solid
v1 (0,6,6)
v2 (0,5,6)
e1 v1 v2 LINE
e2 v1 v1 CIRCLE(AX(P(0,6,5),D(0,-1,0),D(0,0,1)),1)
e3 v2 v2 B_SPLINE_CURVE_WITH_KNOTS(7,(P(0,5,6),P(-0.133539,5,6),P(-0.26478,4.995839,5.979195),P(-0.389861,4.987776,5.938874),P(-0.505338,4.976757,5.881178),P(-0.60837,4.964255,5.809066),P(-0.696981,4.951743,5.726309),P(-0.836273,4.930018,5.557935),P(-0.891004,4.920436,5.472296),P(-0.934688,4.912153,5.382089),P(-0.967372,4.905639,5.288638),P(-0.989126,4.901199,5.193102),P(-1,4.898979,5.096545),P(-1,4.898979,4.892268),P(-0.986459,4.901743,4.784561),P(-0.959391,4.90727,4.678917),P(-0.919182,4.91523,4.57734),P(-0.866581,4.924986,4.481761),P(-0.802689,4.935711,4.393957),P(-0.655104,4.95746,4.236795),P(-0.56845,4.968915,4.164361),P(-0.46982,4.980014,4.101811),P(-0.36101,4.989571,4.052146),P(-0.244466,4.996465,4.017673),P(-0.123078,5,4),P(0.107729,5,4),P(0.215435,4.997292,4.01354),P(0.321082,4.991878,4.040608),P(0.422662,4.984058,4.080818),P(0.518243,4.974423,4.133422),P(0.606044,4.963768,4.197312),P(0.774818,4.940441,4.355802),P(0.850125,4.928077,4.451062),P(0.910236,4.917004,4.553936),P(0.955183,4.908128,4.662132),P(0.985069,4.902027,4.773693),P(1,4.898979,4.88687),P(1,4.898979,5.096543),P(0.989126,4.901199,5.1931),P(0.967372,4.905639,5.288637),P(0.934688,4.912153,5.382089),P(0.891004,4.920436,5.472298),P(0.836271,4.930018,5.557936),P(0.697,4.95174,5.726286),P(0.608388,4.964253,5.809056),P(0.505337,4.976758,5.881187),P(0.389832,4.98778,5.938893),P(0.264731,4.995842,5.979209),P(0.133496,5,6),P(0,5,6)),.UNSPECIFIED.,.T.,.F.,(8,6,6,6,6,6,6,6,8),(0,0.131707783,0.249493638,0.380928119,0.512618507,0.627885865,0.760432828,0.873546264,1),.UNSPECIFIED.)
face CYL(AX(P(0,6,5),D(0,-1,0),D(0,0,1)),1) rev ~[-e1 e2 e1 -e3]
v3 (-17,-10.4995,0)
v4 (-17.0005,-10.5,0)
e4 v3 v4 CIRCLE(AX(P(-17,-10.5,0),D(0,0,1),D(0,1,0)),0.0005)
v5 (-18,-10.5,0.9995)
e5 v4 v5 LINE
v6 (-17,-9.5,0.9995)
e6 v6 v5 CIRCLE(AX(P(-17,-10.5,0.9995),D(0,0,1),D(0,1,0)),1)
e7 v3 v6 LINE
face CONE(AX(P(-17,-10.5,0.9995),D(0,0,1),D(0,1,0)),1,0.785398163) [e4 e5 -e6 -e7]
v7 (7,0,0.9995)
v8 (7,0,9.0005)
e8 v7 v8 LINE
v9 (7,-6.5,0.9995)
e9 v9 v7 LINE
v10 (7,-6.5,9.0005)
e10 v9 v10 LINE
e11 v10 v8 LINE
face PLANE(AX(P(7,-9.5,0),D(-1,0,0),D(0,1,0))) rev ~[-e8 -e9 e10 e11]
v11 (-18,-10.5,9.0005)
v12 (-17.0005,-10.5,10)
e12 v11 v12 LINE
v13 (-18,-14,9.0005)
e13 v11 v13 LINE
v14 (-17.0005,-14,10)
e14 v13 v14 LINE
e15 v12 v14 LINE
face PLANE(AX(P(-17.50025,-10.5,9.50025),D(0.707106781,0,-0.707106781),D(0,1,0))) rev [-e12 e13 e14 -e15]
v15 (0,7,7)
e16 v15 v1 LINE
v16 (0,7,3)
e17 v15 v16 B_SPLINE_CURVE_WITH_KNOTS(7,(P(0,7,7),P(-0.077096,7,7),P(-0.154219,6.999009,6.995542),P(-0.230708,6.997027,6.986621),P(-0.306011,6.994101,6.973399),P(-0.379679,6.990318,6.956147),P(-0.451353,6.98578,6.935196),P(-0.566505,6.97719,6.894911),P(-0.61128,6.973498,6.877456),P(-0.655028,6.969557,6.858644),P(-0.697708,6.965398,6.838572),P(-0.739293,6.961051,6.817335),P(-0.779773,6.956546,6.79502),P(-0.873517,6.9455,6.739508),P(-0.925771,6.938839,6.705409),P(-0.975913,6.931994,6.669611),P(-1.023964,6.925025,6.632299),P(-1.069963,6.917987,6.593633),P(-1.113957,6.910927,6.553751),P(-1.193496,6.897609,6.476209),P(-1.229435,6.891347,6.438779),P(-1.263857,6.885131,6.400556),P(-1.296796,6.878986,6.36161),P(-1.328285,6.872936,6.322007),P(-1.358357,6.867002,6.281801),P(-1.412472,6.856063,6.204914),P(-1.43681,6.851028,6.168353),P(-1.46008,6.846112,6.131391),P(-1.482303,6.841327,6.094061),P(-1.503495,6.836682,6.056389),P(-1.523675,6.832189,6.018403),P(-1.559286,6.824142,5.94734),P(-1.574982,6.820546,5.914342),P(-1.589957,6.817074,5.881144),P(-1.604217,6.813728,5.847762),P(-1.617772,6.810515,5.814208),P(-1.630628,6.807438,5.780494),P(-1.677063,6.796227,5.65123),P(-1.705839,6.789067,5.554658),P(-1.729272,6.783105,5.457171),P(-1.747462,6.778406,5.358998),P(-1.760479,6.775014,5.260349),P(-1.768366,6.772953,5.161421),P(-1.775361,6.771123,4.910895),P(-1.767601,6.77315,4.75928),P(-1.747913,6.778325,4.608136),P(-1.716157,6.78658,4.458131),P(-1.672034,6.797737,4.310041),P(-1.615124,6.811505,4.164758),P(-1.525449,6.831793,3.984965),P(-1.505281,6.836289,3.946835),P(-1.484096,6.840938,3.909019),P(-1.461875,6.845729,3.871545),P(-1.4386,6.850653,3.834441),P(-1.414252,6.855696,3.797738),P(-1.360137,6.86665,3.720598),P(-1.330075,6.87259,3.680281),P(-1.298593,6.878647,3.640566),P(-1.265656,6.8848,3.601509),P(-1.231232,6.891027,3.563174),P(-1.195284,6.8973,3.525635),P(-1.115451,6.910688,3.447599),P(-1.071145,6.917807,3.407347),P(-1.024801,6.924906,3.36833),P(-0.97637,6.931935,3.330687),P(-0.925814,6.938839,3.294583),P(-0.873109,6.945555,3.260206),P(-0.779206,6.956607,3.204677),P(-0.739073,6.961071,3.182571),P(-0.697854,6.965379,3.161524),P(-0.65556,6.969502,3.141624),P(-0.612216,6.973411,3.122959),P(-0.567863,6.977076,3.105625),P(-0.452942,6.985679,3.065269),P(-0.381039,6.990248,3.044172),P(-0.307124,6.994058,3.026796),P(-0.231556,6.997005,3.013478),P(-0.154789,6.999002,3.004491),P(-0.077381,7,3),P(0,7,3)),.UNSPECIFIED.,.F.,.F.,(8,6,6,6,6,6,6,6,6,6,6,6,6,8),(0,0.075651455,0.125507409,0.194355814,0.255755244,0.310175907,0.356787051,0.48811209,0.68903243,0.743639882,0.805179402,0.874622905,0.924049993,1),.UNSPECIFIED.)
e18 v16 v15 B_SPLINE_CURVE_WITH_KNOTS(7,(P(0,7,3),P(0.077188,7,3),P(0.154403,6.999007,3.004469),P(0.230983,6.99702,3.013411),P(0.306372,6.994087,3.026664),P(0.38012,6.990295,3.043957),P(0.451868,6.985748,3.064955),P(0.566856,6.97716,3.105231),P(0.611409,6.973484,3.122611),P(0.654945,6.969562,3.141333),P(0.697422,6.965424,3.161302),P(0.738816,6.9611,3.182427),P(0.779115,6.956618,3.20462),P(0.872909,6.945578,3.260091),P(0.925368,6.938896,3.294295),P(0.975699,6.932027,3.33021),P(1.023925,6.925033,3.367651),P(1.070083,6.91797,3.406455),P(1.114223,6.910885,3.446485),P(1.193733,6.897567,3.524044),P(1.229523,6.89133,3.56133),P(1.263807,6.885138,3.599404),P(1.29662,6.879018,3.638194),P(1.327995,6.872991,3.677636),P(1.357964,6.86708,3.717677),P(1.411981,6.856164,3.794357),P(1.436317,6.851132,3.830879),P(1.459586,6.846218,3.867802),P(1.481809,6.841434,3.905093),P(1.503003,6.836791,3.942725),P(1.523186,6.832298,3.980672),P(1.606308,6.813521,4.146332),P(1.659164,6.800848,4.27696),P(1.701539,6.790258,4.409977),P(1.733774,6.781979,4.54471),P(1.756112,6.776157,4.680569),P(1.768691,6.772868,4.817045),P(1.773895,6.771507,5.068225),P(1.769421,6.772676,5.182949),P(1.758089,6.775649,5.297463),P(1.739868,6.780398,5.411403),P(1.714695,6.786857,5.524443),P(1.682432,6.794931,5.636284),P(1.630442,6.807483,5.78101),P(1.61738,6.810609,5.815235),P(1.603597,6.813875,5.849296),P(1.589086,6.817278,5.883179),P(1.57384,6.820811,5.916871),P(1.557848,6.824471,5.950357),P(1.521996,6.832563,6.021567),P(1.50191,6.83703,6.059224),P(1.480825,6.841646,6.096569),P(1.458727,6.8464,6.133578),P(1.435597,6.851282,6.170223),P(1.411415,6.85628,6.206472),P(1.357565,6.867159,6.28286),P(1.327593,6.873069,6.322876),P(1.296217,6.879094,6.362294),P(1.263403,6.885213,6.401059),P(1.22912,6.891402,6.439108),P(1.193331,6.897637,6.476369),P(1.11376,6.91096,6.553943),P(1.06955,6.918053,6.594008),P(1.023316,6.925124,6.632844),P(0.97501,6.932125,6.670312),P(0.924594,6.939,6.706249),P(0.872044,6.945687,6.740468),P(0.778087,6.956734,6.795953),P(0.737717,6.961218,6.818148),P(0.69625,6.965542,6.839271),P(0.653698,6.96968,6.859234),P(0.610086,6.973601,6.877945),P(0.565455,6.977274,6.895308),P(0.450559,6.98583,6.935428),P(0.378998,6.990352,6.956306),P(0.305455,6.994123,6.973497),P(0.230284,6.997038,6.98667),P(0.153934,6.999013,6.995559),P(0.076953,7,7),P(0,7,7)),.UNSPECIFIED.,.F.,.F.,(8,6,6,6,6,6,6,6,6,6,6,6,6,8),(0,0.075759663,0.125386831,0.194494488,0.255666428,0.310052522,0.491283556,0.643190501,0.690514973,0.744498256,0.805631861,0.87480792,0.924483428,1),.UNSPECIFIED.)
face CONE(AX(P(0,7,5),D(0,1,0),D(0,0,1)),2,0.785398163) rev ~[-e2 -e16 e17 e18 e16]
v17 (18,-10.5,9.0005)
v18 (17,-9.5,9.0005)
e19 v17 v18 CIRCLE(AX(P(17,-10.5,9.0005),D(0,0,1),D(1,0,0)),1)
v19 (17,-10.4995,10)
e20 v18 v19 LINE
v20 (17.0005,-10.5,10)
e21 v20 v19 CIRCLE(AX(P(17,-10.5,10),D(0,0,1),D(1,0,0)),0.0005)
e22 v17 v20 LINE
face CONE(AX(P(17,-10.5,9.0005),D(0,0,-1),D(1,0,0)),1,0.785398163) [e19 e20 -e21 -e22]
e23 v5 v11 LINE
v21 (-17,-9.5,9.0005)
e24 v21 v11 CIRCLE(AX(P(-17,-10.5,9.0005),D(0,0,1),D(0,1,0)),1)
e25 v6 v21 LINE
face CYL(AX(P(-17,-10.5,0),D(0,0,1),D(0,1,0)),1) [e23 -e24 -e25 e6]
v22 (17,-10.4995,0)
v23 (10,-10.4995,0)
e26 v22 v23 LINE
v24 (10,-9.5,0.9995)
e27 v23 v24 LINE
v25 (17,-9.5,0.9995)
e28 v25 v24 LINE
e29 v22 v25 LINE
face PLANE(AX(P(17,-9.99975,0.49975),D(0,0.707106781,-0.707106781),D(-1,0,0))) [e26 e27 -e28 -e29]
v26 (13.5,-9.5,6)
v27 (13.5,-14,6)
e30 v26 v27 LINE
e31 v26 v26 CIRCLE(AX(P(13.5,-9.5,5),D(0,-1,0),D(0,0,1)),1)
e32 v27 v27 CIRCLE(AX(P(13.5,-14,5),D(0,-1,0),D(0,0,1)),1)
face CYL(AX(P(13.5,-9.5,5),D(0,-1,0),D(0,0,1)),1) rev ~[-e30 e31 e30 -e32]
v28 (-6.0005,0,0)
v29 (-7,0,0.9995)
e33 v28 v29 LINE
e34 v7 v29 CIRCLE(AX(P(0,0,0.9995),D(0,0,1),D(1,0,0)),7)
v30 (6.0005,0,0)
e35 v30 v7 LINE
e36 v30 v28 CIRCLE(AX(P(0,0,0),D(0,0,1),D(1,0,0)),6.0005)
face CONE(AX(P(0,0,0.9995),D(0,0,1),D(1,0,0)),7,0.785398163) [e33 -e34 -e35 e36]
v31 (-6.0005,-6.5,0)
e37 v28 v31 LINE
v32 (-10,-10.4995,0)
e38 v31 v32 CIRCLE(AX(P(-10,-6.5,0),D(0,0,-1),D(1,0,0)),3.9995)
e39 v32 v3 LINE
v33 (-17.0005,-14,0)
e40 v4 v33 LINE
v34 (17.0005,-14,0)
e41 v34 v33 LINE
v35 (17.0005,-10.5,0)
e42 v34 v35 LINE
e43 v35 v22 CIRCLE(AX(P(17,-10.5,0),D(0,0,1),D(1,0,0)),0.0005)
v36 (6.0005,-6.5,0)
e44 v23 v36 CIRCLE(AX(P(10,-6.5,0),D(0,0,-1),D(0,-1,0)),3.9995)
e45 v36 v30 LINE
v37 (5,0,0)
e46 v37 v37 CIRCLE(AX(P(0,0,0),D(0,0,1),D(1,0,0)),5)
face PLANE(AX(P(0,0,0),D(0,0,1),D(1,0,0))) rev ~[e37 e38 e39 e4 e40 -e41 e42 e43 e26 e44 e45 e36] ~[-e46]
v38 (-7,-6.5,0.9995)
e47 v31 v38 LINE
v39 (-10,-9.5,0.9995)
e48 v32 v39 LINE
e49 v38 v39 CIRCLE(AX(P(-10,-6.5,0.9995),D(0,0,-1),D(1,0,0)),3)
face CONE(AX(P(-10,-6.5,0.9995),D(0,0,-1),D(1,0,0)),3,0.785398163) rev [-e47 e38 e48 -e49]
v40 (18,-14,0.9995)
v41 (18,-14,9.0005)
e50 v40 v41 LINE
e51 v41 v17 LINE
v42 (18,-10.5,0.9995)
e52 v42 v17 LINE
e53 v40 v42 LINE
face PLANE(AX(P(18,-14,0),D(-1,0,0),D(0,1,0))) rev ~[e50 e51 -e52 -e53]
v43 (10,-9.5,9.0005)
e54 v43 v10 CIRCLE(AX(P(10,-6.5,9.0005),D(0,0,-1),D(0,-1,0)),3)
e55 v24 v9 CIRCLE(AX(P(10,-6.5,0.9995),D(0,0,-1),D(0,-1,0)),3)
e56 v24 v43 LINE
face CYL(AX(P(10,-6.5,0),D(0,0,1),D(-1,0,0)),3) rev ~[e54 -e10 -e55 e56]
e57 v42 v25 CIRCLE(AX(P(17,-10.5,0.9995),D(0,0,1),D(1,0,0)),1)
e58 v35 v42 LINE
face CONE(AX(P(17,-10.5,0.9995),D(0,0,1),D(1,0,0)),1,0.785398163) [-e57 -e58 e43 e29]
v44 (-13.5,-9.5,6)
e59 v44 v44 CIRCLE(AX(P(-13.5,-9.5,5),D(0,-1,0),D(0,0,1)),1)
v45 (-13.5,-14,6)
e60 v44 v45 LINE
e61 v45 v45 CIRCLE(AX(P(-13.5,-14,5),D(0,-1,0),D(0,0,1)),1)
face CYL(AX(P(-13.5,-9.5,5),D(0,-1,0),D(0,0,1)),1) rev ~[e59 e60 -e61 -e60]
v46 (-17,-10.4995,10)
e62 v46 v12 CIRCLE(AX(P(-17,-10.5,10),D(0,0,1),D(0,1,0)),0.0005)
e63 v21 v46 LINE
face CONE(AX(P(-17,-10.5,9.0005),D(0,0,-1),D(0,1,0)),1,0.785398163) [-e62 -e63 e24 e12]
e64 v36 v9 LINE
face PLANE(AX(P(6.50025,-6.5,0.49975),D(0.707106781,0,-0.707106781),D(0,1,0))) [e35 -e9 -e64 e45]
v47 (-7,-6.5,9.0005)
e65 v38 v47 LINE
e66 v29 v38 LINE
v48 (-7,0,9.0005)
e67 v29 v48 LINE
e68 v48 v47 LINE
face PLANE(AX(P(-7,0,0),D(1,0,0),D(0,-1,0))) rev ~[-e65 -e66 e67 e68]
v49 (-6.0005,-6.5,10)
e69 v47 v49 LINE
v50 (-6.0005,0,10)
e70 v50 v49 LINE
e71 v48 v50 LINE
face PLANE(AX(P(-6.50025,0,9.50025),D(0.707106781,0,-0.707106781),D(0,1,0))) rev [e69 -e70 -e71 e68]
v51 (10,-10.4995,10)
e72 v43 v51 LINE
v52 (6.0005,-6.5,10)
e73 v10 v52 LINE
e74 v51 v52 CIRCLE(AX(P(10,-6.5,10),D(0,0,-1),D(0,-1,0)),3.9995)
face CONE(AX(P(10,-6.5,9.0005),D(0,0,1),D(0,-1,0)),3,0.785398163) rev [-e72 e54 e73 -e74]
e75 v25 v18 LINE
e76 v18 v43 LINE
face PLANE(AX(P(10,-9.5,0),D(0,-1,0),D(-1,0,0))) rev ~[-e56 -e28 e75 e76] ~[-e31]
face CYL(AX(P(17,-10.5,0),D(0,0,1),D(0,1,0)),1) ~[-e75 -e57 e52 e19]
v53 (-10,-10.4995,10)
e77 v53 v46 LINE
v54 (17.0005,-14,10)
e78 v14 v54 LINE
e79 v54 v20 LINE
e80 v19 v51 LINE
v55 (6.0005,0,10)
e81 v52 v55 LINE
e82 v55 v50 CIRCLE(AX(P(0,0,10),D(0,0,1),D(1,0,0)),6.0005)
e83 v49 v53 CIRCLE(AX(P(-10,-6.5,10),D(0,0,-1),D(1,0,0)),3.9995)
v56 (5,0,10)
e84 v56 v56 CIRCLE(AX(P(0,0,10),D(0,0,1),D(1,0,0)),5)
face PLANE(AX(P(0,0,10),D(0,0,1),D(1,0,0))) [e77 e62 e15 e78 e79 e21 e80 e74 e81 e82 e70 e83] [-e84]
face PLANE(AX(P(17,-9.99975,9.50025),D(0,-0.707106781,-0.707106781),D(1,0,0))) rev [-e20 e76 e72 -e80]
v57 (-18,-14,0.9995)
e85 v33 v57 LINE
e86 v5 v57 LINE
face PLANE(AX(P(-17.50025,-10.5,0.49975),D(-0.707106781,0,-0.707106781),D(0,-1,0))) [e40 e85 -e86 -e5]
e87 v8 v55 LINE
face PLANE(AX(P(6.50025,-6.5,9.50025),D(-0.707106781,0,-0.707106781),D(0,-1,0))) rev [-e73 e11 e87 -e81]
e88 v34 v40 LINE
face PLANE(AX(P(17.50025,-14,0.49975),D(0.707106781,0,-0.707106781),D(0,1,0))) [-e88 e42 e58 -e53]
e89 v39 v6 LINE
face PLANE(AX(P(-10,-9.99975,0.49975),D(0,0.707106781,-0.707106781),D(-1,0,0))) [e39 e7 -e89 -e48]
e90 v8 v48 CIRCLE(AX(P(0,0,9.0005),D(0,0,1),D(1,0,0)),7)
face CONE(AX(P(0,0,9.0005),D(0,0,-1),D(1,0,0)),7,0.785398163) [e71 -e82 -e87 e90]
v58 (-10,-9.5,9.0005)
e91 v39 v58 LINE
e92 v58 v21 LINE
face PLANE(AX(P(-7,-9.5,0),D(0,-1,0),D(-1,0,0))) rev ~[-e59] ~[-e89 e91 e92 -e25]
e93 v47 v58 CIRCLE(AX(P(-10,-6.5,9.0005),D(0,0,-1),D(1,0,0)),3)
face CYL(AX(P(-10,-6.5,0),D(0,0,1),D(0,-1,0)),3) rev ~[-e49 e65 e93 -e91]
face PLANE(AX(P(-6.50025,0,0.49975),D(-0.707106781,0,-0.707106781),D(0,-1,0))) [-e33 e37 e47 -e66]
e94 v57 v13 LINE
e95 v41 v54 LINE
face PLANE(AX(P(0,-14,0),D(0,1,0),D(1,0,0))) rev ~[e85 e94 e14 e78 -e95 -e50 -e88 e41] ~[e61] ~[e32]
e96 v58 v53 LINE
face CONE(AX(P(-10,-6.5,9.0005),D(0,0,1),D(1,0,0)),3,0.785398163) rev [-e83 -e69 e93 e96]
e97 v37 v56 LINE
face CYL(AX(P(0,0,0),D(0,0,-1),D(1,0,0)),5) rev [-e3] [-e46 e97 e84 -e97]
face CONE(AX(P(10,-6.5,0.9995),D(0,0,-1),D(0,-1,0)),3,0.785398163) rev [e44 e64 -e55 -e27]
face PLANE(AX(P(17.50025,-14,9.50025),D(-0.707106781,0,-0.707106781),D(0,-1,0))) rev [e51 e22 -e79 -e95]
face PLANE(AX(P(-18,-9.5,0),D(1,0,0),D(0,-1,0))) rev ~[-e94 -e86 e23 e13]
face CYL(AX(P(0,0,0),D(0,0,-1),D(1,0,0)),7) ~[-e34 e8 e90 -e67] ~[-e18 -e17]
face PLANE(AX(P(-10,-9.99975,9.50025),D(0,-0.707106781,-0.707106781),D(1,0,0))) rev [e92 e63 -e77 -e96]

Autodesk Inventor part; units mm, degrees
ref_plane "YZ Plane" through (0, 0, 0) normal (1, 0, 0) x (0, 1, 0)
ref_plane "XY Plane" through (0, 0, 0) normal (0, 0, 1) x (1, 0, 0)
sketch "Sketch1" plane through (0, 0, 0) normal (0, 0, 1) x (1, 0, 0)
  circle A0 centre (0, 0) radius 5
  circle A1 centre (0, 0) radius 7
  line L0 (-18, -9.5) -> (-10, -9.5)
  line L1 (18, -9.5) -> (10, -9.5)
  line L2 (0, -14) -> (18, -14)
  line L3 (0, -14) -> (-18, -14)
  line L4 (-7, 0) -> (-7, -9.5)
  line L5 (-7, -9.5) -> (-18, -9.5)
  line L6 (-18, -9.5) -> (-18, -14)
  line L7 (-18, -14) -> (18, -14)
  line L8 (18, -14) -> (18, -9.5)
  line L9 (18, -9.5) -> (7, -9.5)
  line L10 (7, -9.5) -> (7, 0)
  point P0 (-10.8595, -8.0551)
  dimension "d0" = 14
  dimension "d1" = 10
  dimension "d2" = 4.5
  dimension "d3" = 0
  dimension "d4" = 11
  dimension "d5" = 36
  dimension "d6" = 9.5
  dimension "d7" = 8
  dimension "d8" = 18
  dimension "d9" = 28
  dimension "d10" = 1.4449
  dimension "d11" = 28.8595
extrude "Extrusion1" add sketch "Sketch1" along normal blind 10
fillet "Fillet1" radius 1 2 edges at (18, -9.5, 5) (-18, -9.5, 5)
fillet "Fillet2" radius 3 2 edges at (7, -9.5, 5) (-7, -9.5, 5)
chamfer "Chamfer1" distance 1 angle 45 22 edges at (0, 7, 10) (-7, -3.2502, 10) (-9.9998, -9.5, 10) (-13.5, -9.5, 10) (-17.7071, -9.7929, 10) (-18, -12.25, 10) (7, -3.2503, 10) (9.9997, -9.5, 10) (13.5, -9.5, 10) (17.7071, -9.7929, 10) (18, -12.25, 10) (0, 7, 0) (-7, -3.2502, 0) (-9.9998, -9.5, 0) (-13.5, -9.5, 0) (-17.7071, -9.7929, 0) (-18, -12.25, 0) (7, -3.2503, 0) (9.9997, -9.5, 0) (13.5, -9.5, 0) (17.7071, -9.7929, 0) (18, -12.25, 0)
sketch "Sketch2" plane through (10, -9.5, 1) normal (0, 1, 0) x (1, 0, 0)
  line L0 (-27, 0) -> (-20, 0) projected
  line L1 (-27, -8) -> (-27, 0) projected
  line L2 (-20, -8) -> (-27, -8) projected
  line L3 (-20, 0) -> (-20, -8) projected
  line L4 (0, 0) -> (7, 0) projected
  line L5 (0, -8) -> (0, 0) projected
  line L6 (7, -8) -> (0, -8) projected
  line L7 (7, 0) -> (7, -8) projected
  line L8 (-27, -8) -> (-20, -8)
  line L9 (-20, -8) -> (-20, 0)
  line L10 (-20, 0) -> (-27, 0)
  line L11 (-27, 0) -> (-27, -8)
  line L12 (-27, -8) -> (-20, 0) construction
  line L13 (-20, -8) -> (-27, 0) construction
  line L14 (0, -8) -> (7, -8)
  line L15 (7, -8) -> (7, 0)
  line L16 (7, 0) -> (0, 0)
  line L17 (0, 0) -> (0, -8)
  line L18 (0, -8) -> (7, 0) construction
  line L19 (7, -8) -> (0, 0) construction
  point P0 (-10, 1)
  point P1 (-23.5, -4)
  point P2 (3.5, -4)
  point P3 (-23.5, -4)
  point P4 (3.5, -4)
hole "Hole1" at (-13.5, -9.5, 5) at (13.5, -9.5, 5) direction (0, -1, 0) diameter 2 end through all
ref_plane "Work Plane1" through (0, 7, 0) normal (0, 1, 0) x (-1, 0, 0)
sketch "Sketch3" plane through (0, 7, 0) normal (0, 1, 0) x (-1, 0, 0)
  line L0 (7, 1) -> (-7, 1) projected
  line L1 (7, 1) -> (7, 9) projected
  line L2 (-7, 9) -> (7, 9) projected
  line L3 (-7, 1) -> (-7, 9) projected
  line L4 (7, 9) -> (-7, 9)
  line L5 (-7, 9) -> (-7, 1)
  line L6 (-7, 1) -> (7, 1)
  line L7 (7, 1) -> (7, 9)
  line L8 (7, 9) -> (-7, 1) construction
  line L9 (-7, 9) -> (7, 1) construction
  point P0 (0, 0)
  point P1 (0, 5)
  point P2 (0, 5)
hole "Hole2" at (0, 7, 5) direction (0, -1, 0) diameter 2 depth 8 tip angle 118 countersink diameter 4 countersink angle 90
properties part number "pt2"
